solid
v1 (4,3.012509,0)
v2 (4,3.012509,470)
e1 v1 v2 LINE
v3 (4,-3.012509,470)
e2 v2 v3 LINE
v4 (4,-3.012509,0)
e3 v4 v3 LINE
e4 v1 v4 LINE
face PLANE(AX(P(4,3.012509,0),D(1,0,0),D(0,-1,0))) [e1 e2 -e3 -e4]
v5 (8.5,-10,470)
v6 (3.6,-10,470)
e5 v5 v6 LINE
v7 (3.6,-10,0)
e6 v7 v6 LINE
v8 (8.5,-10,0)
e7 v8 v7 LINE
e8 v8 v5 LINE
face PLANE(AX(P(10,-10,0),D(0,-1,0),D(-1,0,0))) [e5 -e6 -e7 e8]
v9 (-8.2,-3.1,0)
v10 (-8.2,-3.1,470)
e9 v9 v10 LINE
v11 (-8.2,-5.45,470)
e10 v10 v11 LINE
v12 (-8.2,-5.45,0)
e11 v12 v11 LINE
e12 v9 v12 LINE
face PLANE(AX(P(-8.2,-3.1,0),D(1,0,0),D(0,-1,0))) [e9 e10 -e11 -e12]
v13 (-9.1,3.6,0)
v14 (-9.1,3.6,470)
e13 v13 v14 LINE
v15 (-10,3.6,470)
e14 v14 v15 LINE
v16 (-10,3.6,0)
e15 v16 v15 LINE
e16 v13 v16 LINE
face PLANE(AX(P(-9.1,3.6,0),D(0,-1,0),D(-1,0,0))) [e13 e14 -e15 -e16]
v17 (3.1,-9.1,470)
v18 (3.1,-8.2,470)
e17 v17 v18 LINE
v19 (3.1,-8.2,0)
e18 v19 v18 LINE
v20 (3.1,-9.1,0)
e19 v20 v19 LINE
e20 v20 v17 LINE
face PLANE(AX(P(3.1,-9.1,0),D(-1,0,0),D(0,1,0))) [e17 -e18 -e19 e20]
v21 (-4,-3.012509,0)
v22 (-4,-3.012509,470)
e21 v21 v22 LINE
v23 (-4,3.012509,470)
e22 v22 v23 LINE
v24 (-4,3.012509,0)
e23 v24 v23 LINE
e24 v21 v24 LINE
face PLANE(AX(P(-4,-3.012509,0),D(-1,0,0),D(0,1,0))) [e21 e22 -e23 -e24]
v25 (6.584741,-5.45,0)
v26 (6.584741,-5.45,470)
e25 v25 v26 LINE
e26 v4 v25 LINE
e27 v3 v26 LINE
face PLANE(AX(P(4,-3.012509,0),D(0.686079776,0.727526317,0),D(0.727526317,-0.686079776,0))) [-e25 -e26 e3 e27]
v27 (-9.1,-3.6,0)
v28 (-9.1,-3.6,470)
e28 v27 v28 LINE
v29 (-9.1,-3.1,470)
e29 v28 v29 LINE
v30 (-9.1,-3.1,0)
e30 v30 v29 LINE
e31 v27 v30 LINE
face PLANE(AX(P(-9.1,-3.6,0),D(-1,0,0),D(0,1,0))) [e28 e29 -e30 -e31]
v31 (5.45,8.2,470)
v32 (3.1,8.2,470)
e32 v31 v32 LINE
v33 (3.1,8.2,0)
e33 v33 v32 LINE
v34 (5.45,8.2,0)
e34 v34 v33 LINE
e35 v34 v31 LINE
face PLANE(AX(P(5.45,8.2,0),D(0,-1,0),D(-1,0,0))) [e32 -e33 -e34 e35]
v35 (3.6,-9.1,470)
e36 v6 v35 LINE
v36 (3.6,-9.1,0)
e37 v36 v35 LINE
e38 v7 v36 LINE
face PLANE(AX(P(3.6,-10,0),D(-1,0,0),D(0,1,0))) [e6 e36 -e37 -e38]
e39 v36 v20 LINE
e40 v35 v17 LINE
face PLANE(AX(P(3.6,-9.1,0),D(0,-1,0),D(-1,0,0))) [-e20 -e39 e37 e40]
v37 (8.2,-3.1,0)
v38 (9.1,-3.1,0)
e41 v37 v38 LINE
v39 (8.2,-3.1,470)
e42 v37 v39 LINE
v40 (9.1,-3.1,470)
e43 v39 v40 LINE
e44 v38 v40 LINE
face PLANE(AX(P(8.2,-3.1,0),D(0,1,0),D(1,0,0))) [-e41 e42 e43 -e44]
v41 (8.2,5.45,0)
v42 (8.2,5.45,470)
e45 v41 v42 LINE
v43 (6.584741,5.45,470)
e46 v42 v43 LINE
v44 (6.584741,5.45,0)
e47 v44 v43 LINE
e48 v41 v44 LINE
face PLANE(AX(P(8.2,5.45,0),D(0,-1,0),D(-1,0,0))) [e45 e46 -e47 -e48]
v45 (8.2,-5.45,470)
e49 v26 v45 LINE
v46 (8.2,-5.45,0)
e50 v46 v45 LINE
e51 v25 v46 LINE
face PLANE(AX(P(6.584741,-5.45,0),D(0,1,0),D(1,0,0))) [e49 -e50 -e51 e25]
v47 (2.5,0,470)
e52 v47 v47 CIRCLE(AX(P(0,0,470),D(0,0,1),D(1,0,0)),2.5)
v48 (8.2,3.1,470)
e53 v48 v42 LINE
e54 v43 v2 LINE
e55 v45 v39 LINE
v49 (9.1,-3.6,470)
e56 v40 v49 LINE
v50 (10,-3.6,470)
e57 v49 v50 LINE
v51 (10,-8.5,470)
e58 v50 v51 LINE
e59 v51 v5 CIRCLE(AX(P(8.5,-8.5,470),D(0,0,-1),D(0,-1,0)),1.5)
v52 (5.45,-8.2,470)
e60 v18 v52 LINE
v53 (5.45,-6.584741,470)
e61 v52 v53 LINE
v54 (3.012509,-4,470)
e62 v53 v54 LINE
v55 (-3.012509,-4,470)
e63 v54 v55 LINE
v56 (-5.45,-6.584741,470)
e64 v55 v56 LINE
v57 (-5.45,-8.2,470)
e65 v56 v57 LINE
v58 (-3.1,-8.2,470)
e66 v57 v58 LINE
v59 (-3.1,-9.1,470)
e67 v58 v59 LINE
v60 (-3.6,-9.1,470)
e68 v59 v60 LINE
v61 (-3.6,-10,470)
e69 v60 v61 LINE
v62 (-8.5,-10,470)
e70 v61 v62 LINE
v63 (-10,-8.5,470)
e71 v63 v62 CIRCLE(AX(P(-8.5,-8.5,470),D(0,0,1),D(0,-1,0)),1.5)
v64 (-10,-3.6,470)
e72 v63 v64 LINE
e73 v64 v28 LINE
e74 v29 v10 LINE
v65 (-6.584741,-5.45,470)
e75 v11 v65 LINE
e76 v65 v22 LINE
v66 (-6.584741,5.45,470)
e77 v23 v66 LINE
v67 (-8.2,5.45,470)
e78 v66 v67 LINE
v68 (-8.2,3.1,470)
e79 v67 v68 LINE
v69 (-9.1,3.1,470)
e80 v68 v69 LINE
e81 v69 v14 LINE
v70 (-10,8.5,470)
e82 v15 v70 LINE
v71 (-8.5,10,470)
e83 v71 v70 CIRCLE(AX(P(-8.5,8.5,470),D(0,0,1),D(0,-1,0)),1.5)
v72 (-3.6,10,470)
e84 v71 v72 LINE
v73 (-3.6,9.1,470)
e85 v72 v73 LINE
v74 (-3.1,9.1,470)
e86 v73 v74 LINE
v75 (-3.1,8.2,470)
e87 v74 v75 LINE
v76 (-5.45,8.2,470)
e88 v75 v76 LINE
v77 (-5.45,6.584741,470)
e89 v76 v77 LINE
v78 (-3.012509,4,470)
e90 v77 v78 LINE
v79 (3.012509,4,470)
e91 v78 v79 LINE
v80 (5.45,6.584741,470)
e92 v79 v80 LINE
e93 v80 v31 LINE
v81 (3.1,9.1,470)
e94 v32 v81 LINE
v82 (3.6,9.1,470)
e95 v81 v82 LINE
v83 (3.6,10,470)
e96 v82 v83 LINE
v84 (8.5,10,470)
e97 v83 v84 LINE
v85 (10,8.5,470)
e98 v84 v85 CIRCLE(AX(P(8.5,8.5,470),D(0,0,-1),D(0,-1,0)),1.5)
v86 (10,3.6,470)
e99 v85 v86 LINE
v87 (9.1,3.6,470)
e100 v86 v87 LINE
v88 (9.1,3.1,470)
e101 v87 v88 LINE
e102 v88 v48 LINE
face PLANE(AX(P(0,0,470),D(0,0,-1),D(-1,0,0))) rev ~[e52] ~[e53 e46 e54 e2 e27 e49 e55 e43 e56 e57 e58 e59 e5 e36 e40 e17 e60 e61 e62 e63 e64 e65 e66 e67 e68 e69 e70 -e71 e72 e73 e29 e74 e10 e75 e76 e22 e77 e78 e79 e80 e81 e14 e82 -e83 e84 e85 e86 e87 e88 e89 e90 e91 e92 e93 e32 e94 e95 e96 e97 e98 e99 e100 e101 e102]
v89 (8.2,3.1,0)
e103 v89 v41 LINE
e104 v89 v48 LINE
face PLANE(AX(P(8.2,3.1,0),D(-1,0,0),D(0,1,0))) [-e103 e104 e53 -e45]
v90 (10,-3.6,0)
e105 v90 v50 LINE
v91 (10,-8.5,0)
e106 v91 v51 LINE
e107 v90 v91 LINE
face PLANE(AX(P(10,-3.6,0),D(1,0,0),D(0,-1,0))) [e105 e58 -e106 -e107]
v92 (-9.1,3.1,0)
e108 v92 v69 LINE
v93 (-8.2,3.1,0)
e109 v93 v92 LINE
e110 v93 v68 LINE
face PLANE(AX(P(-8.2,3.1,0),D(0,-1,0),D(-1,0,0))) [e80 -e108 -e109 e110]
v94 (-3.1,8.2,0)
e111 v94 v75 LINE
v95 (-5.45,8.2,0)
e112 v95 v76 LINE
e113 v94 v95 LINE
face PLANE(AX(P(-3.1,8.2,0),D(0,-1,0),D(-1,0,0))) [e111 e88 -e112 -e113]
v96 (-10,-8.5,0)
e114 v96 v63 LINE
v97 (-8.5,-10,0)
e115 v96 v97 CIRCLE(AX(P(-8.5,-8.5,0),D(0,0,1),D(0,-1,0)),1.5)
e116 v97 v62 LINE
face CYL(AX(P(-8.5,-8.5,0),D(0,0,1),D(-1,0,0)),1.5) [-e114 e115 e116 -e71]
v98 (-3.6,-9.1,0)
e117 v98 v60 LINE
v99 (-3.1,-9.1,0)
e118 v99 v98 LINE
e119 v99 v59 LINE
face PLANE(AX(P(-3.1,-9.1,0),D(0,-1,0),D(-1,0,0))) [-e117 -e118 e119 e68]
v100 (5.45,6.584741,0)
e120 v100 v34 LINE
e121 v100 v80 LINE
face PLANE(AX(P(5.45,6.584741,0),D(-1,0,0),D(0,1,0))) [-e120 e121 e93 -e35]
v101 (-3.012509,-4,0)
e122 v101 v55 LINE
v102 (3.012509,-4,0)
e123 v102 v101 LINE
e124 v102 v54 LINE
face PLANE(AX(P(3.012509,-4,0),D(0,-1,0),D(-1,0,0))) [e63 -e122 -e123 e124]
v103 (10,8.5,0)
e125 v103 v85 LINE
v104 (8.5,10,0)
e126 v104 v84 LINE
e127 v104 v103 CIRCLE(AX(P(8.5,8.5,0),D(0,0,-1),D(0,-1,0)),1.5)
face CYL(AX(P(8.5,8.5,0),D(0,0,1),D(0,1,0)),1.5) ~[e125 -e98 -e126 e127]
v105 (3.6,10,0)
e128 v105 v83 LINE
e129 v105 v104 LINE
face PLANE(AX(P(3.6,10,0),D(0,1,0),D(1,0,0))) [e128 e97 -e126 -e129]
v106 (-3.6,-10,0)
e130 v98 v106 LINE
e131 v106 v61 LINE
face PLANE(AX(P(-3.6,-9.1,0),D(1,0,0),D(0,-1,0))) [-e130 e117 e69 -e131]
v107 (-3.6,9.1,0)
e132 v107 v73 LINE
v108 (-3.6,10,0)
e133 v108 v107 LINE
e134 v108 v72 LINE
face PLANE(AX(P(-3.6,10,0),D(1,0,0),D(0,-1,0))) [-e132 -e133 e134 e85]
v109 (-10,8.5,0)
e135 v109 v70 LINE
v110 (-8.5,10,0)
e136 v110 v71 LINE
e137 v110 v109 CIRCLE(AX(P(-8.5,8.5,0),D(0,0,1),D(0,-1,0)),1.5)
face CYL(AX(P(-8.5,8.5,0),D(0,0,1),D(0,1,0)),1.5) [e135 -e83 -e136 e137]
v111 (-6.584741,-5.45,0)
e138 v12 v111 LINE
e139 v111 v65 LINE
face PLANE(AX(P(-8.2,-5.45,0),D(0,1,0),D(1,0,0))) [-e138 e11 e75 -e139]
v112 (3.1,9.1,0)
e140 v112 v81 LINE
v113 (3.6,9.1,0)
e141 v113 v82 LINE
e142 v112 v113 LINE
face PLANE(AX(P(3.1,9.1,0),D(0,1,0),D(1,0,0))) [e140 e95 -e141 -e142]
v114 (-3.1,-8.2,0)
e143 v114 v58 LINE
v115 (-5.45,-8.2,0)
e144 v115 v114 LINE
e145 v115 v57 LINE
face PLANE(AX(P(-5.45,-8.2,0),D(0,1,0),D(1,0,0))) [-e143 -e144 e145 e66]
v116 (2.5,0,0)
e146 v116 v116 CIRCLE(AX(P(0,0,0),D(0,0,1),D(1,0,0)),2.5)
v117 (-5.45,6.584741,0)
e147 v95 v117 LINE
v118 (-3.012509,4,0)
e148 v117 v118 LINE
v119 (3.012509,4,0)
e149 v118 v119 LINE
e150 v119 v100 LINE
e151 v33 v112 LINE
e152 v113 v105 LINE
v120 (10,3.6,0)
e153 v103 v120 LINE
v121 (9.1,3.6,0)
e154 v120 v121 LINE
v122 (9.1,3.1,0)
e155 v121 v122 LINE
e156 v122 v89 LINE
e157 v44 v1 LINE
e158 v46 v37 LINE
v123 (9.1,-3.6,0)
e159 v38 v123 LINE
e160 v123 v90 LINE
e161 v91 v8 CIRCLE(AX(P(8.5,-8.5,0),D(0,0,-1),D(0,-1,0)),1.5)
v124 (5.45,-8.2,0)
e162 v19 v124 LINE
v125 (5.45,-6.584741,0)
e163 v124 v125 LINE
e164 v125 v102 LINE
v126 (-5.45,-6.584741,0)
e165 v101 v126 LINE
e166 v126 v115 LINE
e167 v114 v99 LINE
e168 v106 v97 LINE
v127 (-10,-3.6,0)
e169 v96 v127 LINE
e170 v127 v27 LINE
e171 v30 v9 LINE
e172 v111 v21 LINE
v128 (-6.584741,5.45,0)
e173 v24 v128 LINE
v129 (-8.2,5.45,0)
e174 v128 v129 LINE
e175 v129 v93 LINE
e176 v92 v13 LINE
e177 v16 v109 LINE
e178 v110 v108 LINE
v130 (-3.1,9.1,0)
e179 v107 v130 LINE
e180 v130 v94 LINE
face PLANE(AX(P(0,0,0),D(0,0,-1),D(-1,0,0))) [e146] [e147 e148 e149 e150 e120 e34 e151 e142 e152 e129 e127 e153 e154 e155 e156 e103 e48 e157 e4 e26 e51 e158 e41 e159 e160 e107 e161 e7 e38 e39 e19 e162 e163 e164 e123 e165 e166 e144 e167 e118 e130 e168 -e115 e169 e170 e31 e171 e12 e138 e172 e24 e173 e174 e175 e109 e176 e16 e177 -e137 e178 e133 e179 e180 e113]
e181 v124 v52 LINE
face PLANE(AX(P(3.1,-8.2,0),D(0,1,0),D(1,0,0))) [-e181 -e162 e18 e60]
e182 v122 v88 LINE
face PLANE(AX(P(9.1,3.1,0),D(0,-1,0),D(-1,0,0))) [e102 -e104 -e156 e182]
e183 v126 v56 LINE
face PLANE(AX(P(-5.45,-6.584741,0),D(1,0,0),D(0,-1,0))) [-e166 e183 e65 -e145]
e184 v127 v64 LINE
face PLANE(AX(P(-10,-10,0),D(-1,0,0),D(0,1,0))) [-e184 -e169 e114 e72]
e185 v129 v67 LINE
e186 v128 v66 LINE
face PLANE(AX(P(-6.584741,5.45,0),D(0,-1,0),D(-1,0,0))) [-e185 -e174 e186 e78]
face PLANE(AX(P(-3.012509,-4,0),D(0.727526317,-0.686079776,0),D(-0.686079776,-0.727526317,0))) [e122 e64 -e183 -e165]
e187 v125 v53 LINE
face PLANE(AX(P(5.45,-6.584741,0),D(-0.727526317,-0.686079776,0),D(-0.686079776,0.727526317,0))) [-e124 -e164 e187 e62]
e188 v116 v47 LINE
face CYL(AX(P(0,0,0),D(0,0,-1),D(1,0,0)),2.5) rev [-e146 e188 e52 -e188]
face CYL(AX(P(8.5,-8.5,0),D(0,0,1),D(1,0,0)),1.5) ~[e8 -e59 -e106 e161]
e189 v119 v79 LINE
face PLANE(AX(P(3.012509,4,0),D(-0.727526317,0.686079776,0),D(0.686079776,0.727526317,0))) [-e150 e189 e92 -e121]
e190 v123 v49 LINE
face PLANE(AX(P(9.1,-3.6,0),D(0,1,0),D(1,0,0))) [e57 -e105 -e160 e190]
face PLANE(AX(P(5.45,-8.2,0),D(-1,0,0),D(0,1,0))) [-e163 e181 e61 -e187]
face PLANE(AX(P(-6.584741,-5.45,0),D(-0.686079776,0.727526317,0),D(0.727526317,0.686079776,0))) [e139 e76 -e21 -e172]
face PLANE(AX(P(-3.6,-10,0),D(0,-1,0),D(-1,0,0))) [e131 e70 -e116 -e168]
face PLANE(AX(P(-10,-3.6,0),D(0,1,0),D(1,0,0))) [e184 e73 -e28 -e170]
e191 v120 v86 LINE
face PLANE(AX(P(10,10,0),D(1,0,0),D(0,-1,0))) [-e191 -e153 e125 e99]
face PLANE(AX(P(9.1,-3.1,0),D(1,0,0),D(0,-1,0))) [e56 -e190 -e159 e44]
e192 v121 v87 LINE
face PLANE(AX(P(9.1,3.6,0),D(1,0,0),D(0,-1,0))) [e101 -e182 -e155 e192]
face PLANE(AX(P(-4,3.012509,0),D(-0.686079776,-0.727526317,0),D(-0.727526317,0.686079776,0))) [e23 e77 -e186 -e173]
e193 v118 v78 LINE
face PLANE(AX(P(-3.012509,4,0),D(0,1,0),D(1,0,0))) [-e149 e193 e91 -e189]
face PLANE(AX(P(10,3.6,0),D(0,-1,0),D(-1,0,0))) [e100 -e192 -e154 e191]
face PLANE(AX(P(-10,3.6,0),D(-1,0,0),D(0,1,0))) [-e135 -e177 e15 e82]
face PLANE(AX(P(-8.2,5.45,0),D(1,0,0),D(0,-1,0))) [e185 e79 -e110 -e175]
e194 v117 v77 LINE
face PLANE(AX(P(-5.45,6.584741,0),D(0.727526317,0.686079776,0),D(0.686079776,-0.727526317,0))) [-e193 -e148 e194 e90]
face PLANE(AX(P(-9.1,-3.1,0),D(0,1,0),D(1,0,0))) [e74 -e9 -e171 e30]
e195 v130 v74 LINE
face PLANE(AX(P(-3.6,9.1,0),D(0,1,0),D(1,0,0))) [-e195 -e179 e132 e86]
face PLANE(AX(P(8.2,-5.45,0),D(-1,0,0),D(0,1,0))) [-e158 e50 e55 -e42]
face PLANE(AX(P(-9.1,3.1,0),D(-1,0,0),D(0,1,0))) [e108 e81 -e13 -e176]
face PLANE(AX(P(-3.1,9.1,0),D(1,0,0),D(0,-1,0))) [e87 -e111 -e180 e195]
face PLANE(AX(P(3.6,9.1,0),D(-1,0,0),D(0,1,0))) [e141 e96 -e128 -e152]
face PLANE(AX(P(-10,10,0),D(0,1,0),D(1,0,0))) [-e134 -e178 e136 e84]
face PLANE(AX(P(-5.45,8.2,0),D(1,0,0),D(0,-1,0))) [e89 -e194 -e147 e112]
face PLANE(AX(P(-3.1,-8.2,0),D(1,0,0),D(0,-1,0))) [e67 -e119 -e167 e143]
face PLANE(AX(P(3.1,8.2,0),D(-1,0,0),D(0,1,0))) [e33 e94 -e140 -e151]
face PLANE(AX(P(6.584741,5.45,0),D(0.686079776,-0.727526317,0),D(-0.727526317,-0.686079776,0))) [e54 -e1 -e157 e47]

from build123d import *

# Parameters (mm, degrees)
SKETCH_1_R      = 2.5
EXTRUDE_1_DEPTH = 470
FILLET_1_R      = 1.5


with BuildPart() as part:
    # 草图1 → 凸台-拉伸1 (new body)
    with BuildSketch(Plane.XY):
        Polygon((-3.012509258, 4), (3.012509258, 4), (5.45, 6.584741199), (5.45, 8.2), (3.1, 8.2), (3.1, 9.1), (3.6, 9.1), (3.6, 10), (10, 10), (10, 3.6), (9.1, 3.6), (9.1, 3.1), (8.2, 3.1), (8.2, 5.45), (6.584741199, 5.45), (4, 3.012509258), (4, -3.012509258), (6.584741199, -5.45), (8.2, -5.45), (8.2, -3.1), (9.1, -3.1), (9.1, -3.6), (10, -3.6), (10, -10), (3.6, -10), (3.6, -9.1), (3.1, -9.1), (3.1, -8.2), (5.45, -8.2), (5.45, -6.584741199), (3.012509258, -4), (-3.012509258, -4), (-5.45, -6.584741199), (-5.45, -8.2), (-3.1, -8.2), (-3.1, -9.1), (-3.6, -9.1), (-3.6, -10), (-10, -10), (-10, -3.6), (-9.1, -3.6), (-9.1, -3.1), (-8.2, -3.1), (-8.2, -5.45), (-6.584741199, -5.45), (-4, -3.012509258), (-4, 3.012509258), (-6.584741199, 5.45), (-8.2, 5.45), (-8.2, 3.1), (-9.1, 3.1), (-9.1, 3.6), (-10, 3.6), (-10, 10), (-3.6, 10), (-3.6, 9.1), (-3.1, 9.1), (-3.1, 8.2), (-5.45, 8.2), (-5.45, 6.584741199), align=None)
        Circle(SKETCH_1_R, mode=Mode.SUBTRACT)
    extrude(amount=EXTRUDE_1_DEPTH)

    # 圆角1
    fillet_1_edges = [part.edges().sort_by_distance(p)[0] for p in [
        (10, -10, 235),
        (-10, -10, 235),
        (-10, 10, 235),
        (10, 10, 235),
    ]]
    fillet(fillet_1_edges, radius=FILLET_1_R)


solid = part.part
